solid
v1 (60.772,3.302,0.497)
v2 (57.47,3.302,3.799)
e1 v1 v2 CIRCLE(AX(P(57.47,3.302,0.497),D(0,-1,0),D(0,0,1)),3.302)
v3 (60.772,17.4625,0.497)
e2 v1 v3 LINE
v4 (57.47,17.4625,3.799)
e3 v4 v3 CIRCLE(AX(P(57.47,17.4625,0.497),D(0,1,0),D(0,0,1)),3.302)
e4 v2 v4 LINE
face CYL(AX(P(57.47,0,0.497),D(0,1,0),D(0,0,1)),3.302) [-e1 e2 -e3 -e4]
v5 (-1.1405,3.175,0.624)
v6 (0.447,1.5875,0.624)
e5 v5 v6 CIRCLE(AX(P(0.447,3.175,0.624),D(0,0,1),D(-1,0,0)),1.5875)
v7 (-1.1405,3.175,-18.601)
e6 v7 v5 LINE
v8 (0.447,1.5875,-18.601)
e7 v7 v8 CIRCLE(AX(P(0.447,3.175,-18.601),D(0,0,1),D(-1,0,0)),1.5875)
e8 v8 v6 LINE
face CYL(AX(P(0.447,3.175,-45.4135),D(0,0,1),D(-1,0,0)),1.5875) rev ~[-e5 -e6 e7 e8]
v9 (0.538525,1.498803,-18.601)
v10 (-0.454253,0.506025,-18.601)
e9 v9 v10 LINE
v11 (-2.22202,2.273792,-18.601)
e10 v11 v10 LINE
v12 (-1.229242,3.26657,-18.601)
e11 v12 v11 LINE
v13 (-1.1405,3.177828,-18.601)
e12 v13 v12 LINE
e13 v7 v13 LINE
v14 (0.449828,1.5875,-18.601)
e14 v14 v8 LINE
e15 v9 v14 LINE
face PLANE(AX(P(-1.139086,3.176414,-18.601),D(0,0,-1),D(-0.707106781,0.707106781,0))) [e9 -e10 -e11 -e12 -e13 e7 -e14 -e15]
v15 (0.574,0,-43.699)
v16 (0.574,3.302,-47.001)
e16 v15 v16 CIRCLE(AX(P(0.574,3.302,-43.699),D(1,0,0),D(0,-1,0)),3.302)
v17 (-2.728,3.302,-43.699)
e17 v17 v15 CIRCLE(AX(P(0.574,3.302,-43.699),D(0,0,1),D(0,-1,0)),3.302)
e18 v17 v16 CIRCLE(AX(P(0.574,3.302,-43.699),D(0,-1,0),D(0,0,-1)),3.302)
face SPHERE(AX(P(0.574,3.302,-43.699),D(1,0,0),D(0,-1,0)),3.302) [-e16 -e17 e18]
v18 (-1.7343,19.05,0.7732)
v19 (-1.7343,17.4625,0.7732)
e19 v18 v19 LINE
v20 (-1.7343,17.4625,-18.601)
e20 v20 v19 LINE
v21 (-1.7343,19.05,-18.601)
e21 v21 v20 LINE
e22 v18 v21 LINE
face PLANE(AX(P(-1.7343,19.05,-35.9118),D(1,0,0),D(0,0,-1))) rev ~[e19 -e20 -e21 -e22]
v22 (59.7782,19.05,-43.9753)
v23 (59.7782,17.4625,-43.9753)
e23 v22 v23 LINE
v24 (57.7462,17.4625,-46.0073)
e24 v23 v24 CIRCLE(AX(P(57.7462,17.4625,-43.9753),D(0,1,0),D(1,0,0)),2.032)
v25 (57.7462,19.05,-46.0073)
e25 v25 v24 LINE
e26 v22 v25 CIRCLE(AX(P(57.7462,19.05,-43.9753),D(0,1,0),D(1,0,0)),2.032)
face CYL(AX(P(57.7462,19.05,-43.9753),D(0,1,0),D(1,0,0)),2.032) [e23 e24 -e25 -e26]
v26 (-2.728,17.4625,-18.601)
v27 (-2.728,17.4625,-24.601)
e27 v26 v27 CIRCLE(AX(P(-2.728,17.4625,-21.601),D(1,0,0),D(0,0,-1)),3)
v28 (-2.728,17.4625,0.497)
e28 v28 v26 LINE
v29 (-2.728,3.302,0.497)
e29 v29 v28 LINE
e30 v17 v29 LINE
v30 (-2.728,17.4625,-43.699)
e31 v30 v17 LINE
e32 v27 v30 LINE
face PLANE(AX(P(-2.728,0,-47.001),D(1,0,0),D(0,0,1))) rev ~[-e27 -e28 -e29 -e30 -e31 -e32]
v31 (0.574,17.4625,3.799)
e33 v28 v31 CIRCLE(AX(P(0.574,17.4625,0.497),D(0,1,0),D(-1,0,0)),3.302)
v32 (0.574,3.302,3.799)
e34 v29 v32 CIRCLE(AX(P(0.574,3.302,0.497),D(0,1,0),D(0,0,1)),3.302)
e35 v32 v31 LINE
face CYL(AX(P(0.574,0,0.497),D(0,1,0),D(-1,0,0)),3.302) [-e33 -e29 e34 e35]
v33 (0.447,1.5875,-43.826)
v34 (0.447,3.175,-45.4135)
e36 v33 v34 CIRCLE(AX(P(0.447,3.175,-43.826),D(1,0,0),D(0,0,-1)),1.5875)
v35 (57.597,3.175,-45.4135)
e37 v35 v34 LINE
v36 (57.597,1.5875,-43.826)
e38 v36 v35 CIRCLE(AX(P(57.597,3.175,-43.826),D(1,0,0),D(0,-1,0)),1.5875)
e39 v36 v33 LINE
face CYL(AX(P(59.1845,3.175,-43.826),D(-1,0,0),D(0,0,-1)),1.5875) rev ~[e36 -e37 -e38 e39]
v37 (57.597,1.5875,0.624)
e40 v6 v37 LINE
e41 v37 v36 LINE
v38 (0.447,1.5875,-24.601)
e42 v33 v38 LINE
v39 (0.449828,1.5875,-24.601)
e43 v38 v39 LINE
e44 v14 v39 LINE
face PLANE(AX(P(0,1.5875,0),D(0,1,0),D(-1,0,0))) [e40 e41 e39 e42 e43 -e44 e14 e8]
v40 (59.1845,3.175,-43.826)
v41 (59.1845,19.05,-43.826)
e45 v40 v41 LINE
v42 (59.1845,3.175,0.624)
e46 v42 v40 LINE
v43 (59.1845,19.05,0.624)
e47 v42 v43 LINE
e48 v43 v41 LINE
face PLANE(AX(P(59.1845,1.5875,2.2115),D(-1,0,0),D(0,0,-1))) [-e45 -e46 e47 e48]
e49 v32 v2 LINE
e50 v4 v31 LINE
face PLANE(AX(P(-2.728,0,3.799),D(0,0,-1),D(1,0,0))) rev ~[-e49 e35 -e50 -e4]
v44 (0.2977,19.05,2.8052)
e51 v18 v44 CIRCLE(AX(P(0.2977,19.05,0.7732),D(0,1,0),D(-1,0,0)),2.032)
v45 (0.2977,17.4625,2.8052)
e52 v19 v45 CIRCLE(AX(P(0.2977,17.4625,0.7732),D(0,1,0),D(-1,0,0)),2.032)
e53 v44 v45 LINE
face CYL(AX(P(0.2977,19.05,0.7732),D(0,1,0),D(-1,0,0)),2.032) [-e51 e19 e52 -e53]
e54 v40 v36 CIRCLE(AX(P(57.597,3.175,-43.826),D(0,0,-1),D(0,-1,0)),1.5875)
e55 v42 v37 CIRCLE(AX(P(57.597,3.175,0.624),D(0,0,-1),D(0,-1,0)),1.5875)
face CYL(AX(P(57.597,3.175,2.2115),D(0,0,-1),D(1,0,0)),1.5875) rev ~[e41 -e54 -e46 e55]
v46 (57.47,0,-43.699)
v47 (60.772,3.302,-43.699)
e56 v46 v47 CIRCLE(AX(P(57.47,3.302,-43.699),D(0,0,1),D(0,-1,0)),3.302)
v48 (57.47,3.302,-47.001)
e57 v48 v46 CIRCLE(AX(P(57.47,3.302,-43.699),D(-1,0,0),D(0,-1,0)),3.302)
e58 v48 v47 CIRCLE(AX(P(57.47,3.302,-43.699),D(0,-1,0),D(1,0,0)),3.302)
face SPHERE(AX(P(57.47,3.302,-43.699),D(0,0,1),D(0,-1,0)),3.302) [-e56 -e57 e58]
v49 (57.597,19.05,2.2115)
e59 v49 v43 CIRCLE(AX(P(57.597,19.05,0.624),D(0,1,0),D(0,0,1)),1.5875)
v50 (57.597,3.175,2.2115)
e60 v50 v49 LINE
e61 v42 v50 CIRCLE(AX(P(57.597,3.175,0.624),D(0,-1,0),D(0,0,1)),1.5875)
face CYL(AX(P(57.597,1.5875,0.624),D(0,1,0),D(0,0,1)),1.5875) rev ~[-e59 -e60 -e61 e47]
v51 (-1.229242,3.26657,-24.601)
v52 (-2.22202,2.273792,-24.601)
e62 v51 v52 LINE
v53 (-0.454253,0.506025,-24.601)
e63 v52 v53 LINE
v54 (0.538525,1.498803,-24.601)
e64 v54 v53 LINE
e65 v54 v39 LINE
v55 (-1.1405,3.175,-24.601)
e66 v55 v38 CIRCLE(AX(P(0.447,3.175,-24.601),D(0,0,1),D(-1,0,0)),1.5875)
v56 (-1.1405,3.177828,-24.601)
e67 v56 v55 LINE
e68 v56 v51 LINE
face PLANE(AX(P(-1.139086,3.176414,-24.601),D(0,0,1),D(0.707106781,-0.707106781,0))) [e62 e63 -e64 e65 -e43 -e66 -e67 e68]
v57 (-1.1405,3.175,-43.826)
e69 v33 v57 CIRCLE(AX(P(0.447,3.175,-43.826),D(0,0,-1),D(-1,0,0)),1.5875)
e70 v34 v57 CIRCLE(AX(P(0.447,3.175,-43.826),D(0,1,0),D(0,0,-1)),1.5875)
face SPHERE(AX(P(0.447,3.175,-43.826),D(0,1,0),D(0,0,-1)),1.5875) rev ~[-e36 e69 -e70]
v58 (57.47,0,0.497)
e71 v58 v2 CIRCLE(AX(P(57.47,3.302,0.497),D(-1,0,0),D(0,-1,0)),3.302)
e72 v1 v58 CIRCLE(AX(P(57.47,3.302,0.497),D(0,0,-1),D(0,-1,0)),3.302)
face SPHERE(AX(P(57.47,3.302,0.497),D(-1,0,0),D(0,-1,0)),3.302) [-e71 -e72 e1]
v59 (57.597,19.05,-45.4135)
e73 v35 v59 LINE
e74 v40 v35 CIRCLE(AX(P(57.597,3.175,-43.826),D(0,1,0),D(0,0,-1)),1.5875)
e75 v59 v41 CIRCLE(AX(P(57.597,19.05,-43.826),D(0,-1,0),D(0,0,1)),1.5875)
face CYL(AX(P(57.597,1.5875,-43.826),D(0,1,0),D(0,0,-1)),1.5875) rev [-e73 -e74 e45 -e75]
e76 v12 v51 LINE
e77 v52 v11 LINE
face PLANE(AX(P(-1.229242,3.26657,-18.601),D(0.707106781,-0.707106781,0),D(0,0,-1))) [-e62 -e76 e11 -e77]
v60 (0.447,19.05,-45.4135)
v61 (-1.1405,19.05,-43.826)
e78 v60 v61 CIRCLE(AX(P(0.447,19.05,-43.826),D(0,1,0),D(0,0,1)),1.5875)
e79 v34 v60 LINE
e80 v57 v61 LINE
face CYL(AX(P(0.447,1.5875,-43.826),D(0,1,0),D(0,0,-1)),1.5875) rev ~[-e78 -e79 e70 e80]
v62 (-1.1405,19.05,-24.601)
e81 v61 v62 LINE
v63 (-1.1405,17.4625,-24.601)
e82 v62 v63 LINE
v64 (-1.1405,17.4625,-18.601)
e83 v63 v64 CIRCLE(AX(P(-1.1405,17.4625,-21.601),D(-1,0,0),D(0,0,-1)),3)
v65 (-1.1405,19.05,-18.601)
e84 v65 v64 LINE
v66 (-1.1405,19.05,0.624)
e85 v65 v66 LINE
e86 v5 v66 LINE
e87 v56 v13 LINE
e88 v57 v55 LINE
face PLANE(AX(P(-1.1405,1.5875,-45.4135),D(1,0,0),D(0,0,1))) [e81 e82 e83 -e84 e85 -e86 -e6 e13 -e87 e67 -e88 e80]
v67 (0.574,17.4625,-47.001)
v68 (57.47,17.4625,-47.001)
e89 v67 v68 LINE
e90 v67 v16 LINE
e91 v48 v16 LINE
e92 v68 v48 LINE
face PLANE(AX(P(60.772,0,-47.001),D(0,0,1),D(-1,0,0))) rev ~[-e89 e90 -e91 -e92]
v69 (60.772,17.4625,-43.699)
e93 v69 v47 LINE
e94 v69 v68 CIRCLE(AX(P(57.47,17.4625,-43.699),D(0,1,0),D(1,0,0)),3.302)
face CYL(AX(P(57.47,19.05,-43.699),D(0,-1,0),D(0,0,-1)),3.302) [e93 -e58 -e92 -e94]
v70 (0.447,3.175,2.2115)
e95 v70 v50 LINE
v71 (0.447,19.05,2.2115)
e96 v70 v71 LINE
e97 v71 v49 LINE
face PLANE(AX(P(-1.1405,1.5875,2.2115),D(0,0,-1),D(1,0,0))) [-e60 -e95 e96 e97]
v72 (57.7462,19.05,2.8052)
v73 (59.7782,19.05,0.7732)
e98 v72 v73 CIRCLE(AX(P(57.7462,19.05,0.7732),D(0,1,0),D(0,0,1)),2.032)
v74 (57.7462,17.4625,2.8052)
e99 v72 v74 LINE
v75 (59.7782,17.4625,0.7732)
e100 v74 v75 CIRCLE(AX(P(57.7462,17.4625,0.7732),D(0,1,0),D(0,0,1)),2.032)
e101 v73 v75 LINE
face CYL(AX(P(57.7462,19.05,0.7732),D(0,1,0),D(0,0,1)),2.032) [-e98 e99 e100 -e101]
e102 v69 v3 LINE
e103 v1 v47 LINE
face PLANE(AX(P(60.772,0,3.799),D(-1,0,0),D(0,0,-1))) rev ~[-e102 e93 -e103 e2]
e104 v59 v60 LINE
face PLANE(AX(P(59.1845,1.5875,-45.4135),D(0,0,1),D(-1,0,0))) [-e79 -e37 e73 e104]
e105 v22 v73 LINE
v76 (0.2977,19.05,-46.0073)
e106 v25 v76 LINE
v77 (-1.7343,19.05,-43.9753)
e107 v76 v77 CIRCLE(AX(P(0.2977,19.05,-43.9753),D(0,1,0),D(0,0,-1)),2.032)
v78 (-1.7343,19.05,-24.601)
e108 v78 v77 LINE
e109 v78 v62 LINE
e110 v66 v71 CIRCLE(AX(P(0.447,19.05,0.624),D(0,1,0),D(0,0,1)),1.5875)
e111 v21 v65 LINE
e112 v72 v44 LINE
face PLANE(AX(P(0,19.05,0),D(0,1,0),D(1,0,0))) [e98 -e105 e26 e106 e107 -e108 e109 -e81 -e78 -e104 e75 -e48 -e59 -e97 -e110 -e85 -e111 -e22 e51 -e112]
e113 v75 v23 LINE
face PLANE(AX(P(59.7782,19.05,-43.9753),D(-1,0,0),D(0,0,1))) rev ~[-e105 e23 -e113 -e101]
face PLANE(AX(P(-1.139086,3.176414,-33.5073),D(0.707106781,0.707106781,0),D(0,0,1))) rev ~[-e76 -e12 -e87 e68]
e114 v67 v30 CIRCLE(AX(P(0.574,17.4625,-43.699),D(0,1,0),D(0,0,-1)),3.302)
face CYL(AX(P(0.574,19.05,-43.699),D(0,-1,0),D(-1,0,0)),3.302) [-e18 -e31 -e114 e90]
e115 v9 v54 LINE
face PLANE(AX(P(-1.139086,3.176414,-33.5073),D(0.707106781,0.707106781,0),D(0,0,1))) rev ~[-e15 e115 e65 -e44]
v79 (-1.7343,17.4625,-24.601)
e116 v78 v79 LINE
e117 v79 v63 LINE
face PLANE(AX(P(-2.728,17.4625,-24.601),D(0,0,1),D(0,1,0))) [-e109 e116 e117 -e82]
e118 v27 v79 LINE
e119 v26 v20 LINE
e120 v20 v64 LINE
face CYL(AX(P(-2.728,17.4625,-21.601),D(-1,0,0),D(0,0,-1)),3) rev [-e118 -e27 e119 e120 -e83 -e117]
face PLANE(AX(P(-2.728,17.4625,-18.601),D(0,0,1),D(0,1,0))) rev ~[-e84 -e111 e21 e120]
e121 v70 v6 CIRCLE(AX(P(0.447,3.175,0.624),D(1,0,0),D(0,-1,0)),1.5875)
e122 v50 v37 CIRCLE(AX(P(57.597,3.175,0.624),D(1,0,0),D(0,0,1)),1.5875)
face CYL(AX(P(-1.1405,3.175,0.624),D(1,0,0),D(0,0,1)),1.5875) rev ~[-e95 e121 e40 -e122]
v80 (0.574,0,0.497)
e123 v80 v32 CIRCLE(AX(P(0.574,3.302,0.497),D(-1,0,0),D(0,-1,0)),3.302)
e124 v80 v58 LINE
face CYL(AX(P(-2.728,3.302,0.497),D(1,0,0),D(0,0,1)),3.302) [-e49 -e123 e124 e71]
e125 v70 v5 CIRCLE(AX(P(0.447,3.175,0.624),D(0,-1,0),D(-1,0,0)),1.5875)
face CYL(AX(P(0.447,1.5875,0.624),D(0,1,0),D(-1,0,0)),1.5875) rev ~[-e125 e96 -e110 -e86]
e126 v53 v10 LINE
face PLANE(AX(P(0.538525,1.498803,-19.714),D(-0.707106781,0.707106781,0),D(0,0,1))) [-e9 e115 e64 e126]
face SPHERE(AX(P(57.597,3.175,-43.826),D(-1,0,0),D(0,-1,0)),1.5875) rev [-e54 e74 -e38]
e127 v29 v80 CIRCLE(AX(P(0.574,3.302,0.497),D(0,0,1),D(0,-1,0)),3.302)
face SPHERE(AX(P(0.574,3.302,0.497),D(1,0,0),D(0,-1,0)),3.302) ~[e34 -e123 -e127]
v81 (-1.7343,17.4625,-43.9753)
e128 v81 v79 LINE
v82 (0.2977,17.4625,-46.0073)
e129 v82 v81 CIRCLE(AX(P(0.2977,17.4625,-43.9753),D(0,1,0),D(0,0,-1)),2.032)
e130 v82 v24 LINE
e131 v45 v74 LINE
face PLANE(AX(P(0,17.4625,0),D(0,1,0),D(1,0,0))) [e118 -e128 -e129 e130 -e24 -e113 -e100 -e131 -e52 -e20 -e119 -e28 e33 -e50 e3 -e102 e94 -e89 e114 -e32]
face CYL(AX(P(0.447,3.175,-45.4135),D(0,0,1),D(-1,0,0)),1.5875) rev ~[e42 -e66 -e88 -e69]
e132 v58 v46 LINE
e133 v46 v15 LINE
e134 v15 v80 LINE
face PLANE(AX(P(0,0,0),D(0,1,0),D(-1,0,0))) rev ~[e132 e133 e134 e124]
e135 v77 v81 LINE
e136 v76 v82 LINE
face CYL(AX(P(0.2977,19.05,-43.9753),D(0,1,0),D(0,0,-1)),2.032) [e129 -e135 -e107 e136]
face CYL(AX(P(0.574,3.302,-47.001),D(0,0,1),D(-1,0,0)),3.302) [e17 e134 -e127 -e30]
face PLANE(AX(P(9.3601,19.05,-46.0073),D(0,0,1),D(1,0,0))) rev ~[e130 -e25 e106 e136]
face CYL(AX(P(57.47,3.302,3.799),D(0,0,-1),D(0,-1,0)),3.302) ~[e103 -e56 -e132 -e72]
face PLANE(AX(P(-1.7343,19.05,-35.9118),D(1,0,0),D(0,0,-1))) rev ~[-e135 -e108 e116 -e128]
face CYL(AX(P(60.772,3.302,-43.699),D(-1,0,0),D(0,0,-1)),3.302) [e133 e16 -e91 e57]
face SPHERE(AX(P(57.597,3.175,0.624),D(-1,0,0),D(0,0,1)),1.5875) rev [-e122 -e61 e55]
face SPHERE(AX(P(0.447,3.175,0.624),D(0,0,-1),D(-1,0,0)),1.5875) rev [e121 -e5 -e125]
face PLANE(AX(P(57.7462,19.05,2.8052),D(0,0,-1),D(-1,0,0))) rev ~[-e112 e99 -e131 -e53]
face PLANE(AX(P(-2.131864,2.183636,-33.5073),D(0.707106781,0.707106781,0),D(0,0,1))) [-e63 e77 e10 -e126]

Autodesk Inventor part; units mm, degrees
ref_plane "YZ Plane" through (0, 0, 0) normal (1, 0, 0) x (0, 1, 0)
ref_plane "XZ Plane" through (0, 0, 0) normal (0, 1, 0) x (-1, 0, 0)
ref_plane "XY Plane" through (0, 0, 0) normal (0, 0, 1) x (1, 0, 0)
sketch "Sketch1" plane through (0, 0, 0) normal (0, 1, 0) x (-1, 0, 0)
  line L0 (2.728, 3.799) -> (-60.772, 3.799)
  line L1 (-60.772, 3.799) -> (-60.772, -47.001)
  line L2 (-60.772, -47.001) -> (2.728, -47.001)
  line L3 (2.728, -47.001) -> (2.728, 3.799)
  dimension "d0" = 63.5
  dimension "d1" = 50.8
extrude "Extrusion1" add sketch "Sketch1" along normal blind 1.5875
sketch "Sketch2" plane through (0, 1.5875, 0) normal (0, 1, 0) x (1, 0, 0)
  line L0 (59.1845, 45.4135) -> (-1.1405, 45.4135)
  line L1 (-1.1405, 45.4135) -> (-1.1405, -2.2115)
  line L2 (-1.1405, -2.2115) -> (59.1845, -2.2115)
  line L3 (59.1845, -2.2115) -> (59.1845, 45.4135)
  line L4 (60.772, 47.001) -> (-2.728, 47.001) projected
  line L5 (-2.728, 47.001) -> (-2.728, -3.799) projected
  line L6 (60.772, -3.799) -> (60.772, 47.001) projected
  line L7 (-2.728, -3.799) -> (60.772, -3.799) projected
  point P0 (0, 0)
  dimension "d4" = 1.5875
  dimension "d5" = 1.5875
  dimension "d6" = 1.5875
  dimension "d7" = 1.5875
extrude "Extrusion2" add sketch "Sketch2" along normal blind 17.4625
fillet "Fillet1" radius 3.302 8 edges at (29.022, 0, 3.799) (60.772, 0, -21.601) (29.022, 0, -47.001) (-2.728, 0, -21.601) (60.772, 9.525, -47.001) (60.772, 9.525, 3.799) (-2.728, 9.525, 3.799) (-2.728, 9.525, -47.001)
fillet "Fillet2" radius 1.5875 8 edges at (-1.1405, 10.3188, -45.4135) (29.022, 1.5875, -45.4135) (-1.1405, 1.5875, -21.601) (-1.1405, 10.3188, 2.2115) (29.022, 1.5875, 2.2115) (59.1845, 10.3188, 2.2115) (59.1845, 1.5875, -21.601) (59.1845, 10.3188, -45.4135)
sketch "Sketch4" plane through (0, 19.05, 0) normal (0, 1, 0) x (1, 0, 0)
  line L0 (0.447, 45.4135) -> (57.597, 45.4135) projected
  arc A0 (0.447, 45.4135) -> (-1.1405, 43.826) centre (0.447, 43.826) ccw projected
  line L1 (-1.1405, -0.624) -> (-1.1405, 43.826) projected
  arc A1 (59.1845, 43.826) -> (57.597, 45.4135) centre (57.597, 43.826) ccw projected
  line L2 (59.1845, 43.826) -> (59.1845, -0.624) projected
  arc A2 (57.597, -2.2115) -> (59.1845, -0.624) centre (57.597, -0.624) ccw projected
  line L3 (57.597, -2.2115) -> (0.447, -2.2115) projected
  arc A3 (-1.1405, -0.624) -> (0.447, -2.2115) centre (0.447, -0.624) ccw projected
  line L4 (0.2977, 46.0073) -> (57.7462, 46.0073)
  line L5 (59.7782, 43.9753) -> (59.7782, -0.7732)
  line L6 (57.7462, -2.8052) -> (0.2977, -2.8052)
  line L7 (-1.7343, -0.7732) -> (-1.7343, 43.9753)
  line L8 (57.47, 47.001) -> (0.574, 47.001) projected
  line L9 (-2.728, 43.699) -> (-2.728, -0.497) projected
  arc A4 (0.574, 47.001) -> (-2.728, 43.699) centre (0.574, 43.699) ccw projected
  arc A5 (60.772, 43.699) -> (57.47, 47.001) centre (57.47, 43.699) ccw projected
  line L10 (60.772, -0.497) -> (60.772, 43.699) projected
  arc A6 (57.47, -3.799) -> (60.772, -0.497) centre (57.47, -0.497) ccw projected
  line L11 (0.574, -3.799) -> (57.47, -3.799) projected
  arc A7 (-2.728, -0.497) -> (0.574, -3.799) centre (0.574, -0.497) ccw projected
  line L12 (9.3601, 46.0073) -> (9.3601, 47.001)
  line L13 (9.9735, 46.0073) -> (9.9735, 45.2135)
  line L14 (-1.7343, 35.9118) -> (-2.728, 35.9118)
  line L15 (-1.7343, 35.9118) -> (-1.1405, 35.9118)
  line L16 (3.5402, -2.2115) -> (3.5402, -2.8052)
  line L17 (3.9514, -2.8052) -> (3.9514, -3.799)
  line L18 (59.1845, 4.7048) -> (59.7782, 4.7048)
  line L19 (59.7782, 4.7048) -> (60.772, 4.7048)
  arc A8 (0.2977, 46.0073) -> (-1.7343, 43.9753) centre (0.2977, 43.9753) ccw
  arc A9 (59.7782, 43.9753) -> (57.7462, 46.0073) centre (57.7462, 43.9753) ccw
  arc A10 (-1.7343, -0.7732) -> (0.2977, -2.8052) centre (0.2977, -0.7732) ccw
  arc A11 (57.7462, -2.8052) -> (59.7782, -0.7732) centre (57.7462, -0.7732) ccw
  point P0 (0, 0)
  dimension "d20" = 2.032
  dimension "d21" = 2.032
  dimension "d22" = 2.032
  dimension "d23" = 2.032
  dimension "d26" = 0.9938
  dimension "d27" = 0.9938
  dimension "d28" = 0.9938
  dimension "d29" = 0.9938
extrude "Extrusion4" cut sketch "Sketch4" against normal blind 1.5875 contours L4 L12 L8 A5 L10 L19 L5 A9 | L4 A8 L7 L14 L9 A4 L8 L12 | L7 A10 L6 L17 L11 A7 L9 L14 | L19 L10 A6 L11 L17 L6 A11 L5
ref_plane "Work Plane1" through (-1.1405, 3.175, -33.5073) normal (0.7071, 0.7071, 0) x (0, 0, 1)
sketch "Sketch8" plane through (-1.1405, 3.175, -33.5073) normal (0.7071, 0.7071, 0) x (0, 0, 1)
  line L0 (34.1313, 0) -> (34.1313, 2.2451) projected
  line L1 (-10.3187, 0) -> (34.1313, 0) projected
  line L2 (34.1313, 2.2451) -> (-10.3187, 2.2451) projected
  line L3 (-10.3187, 2.2451) -> (-10.3187, 0) projected
  line L4 (14.9063, -0.1275) -> (8.9063, -0.1275)
  line L5 (8.9063, -0.1275) -> (8.9063, 2.3725)
  line L6 (8.9063, 2.3725) -> (14.9063, 2.3725)
  line L7 (14.9063, 2.3725) -> (14.9063, -0.1275)
  line L8 (14.9063, 1.1225) -> (34.1313, 1.1225)
  line L9 (8.9063, 1.8195) -> (-10.3187, 1.8195)
  line L10 (14.1632, 0) -> (14.1632, -0.1275)
  line L11 (13.7933, 2.3725) -> (13.7933, 2.2451)
  point P0 (33.5073, 3.0515)
  dimension "d43" = 6
  dimension "d44" = 2.5
extrude "Extrusion7" cut sketch "Sketch8" against normal blind 1.4 contours L7 L4 L10 L1 | L1 L5 L2 L7 | L10 L4 L5 L1 | L2 L11 L6 L7 | L2 L5 L6 L11
ref_plane "Work Plane2" through (-2.728, 3.302, -34.301) normal (1, 0, 0) x (0, 0, -1)
sketch "Sketch9" plane through (-2.728, 3.302, -34.301) normal (1, 0, 0) x (0, 0, -1)
  line L0 (-34.798, 14.1605) -> (9.398, 14.1605) projected
  line L1 (12.7, 14.1605) -> (12.7, 0) projected
  line L2 (-38.1, 0) -> (-38.1, 14.1605) projected
  circle A0 centre (-12.7, 14.1605) radius 3
  line L3 (-12.7, 14.1605) -> (12.7, 14.1605)
  line L4 (12.7, 0) -> (12.7, 14.1605) projected
  line L5 (-12.7, 14.1605) -> (-38.1, 14.1605)
  line L6 (-38.1, 14.1605) -> (-38.1, 0) projected
  line L7 (9.398, 14.1605) -> (-34.798, 14.1605) projected
  line L8 (-9.7, 14.1605) -> (-9.7, 15.748)
  line L9 (-34.925, 15.748) -> (9.525, 15.748) projected
  line L10 (-15.7, 14.1605) -> (-15.7, 15.748)
  point P0 (-34.301, -3.302)
  dimension "d47" = 6
extrude "Extrusion9" cut sketch "Sketch9" along normal blind 3
equation "\"d5\" = d4"
equation "\"d6\" = d4"
equation "\"d7\" = d4"
properties part number "RFID_Box"
